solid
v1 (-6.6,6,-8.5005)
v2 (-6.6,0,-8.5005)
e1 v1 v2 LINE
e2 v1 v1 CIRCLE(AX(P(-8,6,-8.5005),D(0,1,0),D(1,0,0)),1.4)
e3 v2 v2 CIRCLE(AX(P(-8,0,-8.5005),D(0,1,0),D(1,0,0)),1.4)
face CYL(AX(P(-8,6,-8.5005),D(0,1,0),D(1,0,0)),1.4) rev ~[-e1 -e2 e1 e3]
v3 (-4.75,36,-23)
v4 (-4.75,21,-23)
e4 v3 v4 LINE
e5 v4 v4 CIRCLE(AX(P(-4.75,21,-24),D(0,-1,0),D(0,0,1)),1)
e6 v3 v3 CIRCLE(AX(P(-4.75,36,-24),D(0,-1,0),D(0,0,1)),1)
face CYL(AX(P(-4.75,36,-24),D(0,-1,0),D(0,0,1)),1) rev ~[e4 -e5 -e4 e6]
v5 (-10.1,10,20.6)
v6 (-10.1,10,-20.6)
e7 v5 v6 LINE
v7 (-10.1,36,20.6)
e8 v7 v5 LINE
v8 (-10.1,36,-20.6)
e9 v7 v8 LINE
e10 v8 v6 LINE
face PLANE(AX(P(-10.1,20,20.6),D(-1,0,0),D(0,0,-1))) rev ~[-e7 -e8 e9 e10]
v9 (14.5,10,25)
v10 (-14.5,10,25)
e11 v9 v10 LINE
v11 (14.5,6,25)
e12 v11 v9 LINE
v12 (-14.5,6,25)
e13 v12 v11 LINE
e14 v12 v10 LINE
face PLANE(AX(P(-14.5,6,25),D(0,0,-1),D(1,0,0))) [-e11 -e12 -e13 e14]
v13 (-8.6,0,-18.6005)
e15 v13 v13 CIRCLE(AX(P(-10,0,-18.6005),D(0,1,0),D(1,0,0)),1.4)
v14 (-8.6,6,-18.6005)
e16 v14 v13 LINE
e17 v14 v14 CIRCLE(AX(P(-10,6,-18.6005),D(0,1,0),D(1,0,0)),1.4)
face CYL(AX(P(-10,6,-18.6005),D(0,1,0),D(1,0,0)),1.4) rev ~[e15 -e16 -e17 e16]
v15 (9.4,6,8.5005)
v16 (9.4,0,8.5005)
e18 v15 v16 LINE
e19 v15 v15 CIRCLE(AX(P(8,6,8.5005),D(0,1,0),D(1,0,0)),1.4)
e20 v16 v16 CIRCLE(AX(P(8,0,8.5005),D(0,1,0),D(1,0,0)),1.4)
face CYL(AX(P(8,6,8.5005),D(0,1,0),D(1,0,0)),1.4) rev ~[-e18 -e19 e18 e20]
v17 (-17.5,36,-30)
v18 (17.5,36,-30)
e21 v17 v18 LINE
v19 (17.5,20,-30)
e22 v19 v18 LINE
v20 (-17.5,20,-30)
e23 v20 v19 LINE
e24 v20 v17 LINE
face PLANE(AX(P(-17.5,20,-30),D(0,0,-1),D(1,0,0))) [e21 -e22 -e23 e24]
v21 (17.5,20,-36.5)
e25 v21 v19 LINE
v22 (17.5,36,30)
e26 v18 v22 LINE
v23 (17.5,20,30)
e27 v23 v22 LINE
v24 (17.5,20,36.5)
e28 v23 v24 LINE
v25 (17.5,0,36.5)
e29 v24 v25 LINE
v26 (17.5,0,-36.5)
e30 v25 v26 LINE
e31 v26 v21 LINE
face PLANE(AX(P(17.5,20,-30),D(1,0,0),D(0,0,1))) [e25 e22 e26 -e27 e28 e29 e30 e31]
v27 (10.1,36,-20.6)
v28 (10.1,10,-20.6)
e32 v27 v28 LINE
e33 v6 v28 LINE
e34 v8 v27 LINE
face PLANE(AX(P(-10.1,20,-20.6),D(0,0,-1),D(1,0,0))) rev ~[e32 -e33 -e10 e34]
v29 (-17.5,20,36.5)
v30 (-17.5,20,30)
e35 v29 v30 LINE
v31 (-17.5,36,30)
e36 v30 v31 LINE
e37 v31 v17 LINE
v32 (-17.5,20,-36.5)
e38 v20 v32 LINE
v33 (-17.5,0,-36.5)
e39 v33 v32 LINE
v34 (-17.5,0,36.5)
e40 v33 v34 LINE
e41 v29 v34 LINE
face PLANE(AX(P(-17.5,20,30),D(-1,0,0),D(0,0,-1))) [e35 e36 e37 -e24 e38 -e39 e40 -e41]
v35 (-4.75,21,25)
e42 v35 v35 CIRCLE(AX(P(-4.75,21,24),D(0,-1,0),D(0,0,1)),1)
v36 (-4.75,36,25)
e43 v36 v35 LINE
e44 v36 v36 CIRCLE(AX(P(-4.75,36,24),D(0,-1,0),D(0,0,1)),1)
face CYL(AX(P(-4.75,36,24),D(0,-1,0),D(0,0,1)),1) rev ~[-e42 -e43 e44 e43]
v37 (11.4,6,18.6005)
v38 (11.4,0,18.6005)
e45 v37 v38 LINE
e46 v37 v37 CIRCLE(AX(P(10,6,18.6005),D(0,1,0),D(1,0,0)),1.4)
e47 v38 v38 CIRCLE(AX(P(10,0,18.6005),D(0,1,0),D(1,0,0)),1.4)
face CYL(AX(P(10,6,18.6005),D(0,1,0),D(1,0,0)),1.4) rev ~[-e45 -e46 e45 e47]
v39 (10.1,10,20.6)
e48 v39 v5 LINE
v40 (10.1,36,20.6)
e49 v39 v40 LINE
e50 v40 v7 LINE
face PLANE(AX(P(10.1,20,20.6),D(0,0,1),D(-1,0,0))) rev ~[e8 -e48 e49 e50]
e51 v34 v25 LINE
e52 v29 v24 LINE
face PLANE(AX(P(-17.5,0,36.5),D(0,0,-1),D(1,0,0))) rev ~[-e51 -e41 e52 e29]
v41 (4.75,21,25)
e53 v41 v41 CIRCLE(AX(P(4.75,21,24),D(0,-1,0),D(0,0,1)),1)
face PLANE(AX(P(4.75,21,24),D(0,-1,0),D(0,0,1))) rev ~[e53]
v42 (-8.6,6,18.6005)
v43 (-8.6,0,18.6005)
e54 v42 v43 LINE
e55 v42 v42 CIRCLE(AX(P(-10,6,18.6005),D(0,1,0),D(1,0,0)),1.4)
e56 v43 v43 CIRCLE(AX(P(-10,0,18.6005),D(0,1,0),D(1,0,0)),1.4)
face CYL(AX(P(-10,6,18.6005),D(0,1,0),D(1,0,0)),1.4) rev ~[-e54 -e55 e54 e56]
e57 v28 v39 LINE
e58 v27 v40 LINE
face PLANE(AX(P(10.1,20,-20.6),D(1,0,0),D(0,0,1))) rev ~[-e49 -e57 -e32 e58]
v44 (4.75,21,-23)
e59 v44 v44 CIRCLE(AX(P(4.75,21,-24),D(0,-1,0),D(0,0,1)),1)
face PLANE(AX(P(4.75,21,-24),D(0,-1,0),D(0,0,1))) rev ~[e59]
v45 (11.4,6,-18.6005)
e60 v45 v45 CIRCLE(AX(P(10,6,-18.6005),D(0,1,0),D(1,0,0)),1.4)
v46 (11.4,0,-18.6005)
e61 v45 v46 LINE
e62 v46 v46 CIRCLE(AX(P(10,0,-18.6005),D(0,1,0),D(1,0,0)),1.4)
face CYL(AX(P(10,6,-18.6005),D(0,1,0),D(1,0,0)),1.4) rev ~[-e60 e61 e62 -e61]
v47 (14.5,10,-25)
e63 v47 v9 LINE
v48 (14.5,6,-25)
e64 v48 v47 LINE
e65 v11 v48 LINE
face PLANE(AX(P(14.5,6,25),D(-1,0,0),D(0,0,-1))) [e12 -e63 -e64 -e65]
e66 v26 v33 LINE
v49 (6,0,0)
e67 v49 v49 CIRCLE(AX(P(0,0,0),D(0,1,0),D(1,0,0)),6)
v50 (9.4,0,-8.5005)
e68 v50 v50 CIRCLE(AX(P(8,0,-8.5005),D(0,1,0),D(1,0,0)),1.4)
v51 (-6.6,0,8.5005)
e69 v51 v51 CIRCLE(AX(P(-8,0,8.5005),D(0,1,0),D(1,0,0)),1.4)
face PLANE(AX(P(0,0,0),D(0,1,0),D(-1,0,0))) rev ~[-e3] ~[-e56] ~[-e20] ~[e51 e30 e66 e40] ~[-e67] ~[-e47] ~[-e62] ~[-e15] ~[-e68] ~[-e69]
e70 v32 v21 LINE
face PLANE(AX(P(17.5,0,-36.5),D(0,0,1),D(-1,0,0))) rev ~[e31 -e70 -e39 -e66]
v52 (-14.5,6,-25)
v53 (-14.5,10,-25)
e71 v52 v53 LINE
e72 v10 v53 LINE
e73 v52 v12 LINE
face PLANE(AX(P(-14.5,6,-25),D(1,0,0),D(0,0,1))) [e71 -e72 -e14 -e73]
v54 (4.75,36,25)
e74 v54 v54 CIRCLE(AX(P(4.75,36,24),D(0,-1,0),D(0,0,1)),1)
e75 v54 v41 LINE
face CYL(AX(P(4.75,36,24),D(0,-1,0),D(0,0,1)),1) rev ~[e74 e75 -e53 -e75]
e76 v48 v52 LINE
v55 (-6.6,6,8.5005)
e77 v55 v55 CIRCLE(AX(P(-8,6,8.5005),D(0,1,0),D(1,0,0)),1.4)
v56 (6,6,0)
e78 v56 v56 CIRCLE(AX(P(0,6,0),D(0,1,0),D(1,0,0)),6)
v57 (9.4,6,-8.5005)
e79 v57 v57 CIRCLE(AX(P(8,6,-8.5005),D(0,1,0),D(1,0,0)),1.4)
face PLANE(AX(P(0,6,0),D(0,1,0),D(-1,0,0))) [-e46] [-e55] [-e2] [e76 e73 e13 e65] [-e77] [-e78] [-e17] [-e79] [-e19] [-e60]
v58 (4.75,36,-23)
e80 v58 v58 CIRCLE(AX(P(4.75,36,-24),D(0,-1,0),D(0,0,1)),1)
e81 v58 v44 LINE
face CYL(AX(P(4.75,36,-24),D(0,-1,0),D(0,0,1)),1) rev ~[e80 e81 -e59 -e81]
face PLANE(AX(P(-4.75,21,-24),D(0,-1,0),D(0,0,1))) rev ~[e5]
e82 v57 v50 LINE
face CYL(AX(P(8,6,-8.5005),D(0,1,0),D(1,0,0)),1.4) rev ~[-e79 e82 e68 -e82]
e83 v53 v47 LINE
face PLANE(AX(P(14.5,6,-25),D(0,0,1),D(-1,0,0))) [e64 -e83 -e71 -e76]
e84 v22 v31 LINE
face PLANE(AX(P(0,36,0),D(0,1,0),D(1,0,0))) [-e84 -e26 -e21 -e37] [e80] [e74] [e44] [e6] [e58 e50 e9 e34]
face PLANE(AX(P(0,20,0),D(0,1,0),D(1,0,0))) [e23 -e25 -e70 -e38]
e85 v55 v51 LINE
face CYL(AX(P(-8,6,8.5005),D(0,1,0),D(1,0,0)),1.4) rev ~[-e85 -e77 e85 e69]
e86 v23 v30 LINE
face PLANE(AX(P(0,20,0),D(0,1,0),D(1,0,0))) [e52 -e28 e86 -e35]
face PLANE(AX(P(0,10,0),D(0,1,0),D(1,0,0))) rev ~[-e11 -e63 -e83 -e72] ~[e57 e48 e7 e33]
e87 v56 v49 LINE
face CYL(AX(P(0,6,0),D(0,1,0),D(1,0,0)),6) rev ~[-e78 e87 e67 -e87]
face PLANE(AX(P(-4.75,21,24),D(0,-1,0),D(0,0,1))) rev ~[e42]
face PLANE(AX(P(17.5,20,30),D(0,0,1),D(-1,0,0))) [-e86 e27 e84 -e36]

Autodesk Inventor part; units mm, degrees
ref_plane "YZ Plane" through (0, 0, 0) normal (1, 0, 0) x (0, 1, 0)
ref_plane "XZ Plane" through (0, 0, 0) normal (0, 1, 0) x (-1, 0, 0)
ref_plane "XY Plane" through (0, 0, 0) normal (0, 0, 1) x (1, 0, 0)
sketch "Sketch1" plane through (0, 0, 0) normal (0, 1, 0) x (-1, 0, 0)
  line L0 (-17.5, -36.5) -> (17.5, -36.5)
  line L1 (17.5, -36.5) -> (17.5, 36.5)
  line L2 (17.5, 36.5) -> (-17.5, 36.5)
  line L3 (-17.5, 36.5) -> (-17.5, -36.5)
  line L4 (-17.5, -36.5) -> (17.5, 36.5) construction
  line L5 (17.5, -36.5) -> (-17.5, 36.5) construction
  point P0 (0, 0)
  dimension "d0" = 35
  dimension "d1" = 73
extrude "Extrusion1" add sketch "Sketch1" along normal blind 6
sketch "Sketch2" plane through (0, 6, 0) normal (0, 1, 0) x (1, 0, 0)
  line L0 (14.5, 25) -> (-14.5, 25)
  line L1 (-14.5, 25) -> (-14.5, -25)
  line L2 (-14.5, -25) -> (14.5, -25)
  line L3 (14.5, -25) -> (14.5, 25)
  line L4 (14.5, 25) -> (-14.5, -25) construction
  line L5 (-14.5, 25) -> (14.5, -25) construction
  line L6 (-17.5, 36.5) -> (-17.5, -36.5) projected
  line L7 (17.5, -36.5) -> (17.5, 36.5) projected
  line L8 (-17.5, -36.5) -> (17.5, -36.5)
  line L9 (17.5, -36.5) -> (17.5, -30.5)
  line L10 (17.5, -30.5) -> (-17.5, -30.5)
  line L11 (-17.5, -30.5) -> (-17.5, -36.5)
  line L12 (-17.5, 36.5) -> (17.5, 36.5)
  line L13 (17.5, 36.5) -> (17.5, 30.5)
  line L14 (17.5, 30.5) -> (-17.5, 30.5)
  line L15 (-17.5, 30.5) -> (-17.5, 36.5)
  point P0 (0, 0)
  dimension "d4" = 29
  dimension "d5" = 50
  dimension "d15" = 6
  dimension "d16" = 6
extrude "Extrusion2" add sketch "Sketch2" along normal blind 14
sketch "Sketch4" plane through (0, 6, 0) normal (0, 1, 0) x (1, 0, 0)
  circle A0 centre (0, 0) radius 6
  line L0 (15, 24.0075) -> (-15, 24.0075)
  line L1 (-15, 24.0075) -> (-15, -24.0075)
  line L2 (-15, -24.0075) -> (15, -24.0075)
  line L3 (15, -24.0075) -> (15, 24.0075)
  line L4 (15, 24.0075) -> (-15, -24.0075) construction
  line L5 (-15, 24.0075) -> (15, -24.0075) construction
  circle A1 centre (-10, -18.6005) radius 1.4
  line L6 (-14.5, -25) -> (-14.5, 25) projected
  circle A2 centre (-8, -8.5005) radius 1.4
  line L7 (12.9011, 0) -> (-11.0407, 0) construction
  line L8 (0, -11.5905) -> (0, 16.5955) construction
  circle A3 centre (-10, 18.6005) radius 1.4
  circle A4 centre (-8, 8.5005) radius 1.4
  circle A5 centre (10, -18.6005) radius 1.4
  circle A6 centre (8, -8.5005) radius 1.4
  circle A7 centre (10, 18.6005) radius 1.4
  circle A8 centre (8, 8.5005) radius 1.4
  dimension "d19" = 12
  dimension "d20" = 30
  dimension "d21" = 48.015
  dimension "d22" = 2.8
  dimension "d23" = 4.5
  dimension "d24" = 4.007
  dimension "d25" = 2.8
  dimension "d26" = 6.5
  dimension "d27" = 15.507
extrude "Extrusion4" cut sketch "Sketch4" against normal through all contours A0 | A1 | A2 | A3 | A4 | A5 | A6 | A7 | A8
sketch "Sketch9" plane through (0, 20, 0) normal (0, 1, 0) x (1, 0, 0)
  line L0 (-14.5, -25) -> (-14.5, 25) projected
  line L1 (14.5, -25) -> (-14.5, -25)
  line L2 (-14.5, -25) -> (-14.5, 25)
  line L3 (-14.5, 25) -> (14.5, 25)
  line L4 (14.5, 25) -> (14.5, -25)
  line L5 (14.5, -25) -> (-14.5, 25) construction
  line L6 (-14.5, -25) -> (14.5, 25) construction
  line L7 (10.1, -20.6) -> (-10.1, -20.6)
  line L8 (-10.1, -20.6) -> (-10.1, 20.6)
  line L9 (-10.1, 20.6) -> (10.1, 20.6)
  line L10 (10.1, 20.6) -> (10.1, -20.6)
  line L11 (10.1, -20.6) -> (-10.1, 20.6) construction
  line L12 (-10.1, -20.6) -> (10.1, 20.6) construction
  point P0 (0, 0)
  dimension "d45" = 20.2
  dimension "d46" = 41.2
extrude "Extrusion8" add sketch "Sketch9" along normal blind 16 and the other way blind 10
sketch "Sketch10" plane through (0, 20, 0) normal (0, 1, 0) x (1, 0, 0)
  line L0 (-14.5, 25) -> (14.5, 25) projected
  line L1 (14.5, -25) -> (-14.5, -25)
  line L2 (-14.5, -25) -> (-14.5, 25)
  line L3 (-14.5, 25) -> (14.5, 25)
  line L4 (14.5, 25) -> (14.5, -25)
  line L5 (14.5, -25) -> (-14.5, 25) construction
  line L6 (-14.5, -25) -> (14.5, 25) construction
  line L7 (17.5, -30) -> (-17.5, -30)
  line L8 (-17.5, -30) -> (-17.5, 30)
  line L9 (-17.5, 30) -> (17.5, 30)
  line L10 (17.5, 30) -> (17.5, -30)
  line L11 (17.5, -30) -> (-17.5, 30) construction
  line L12 (-17.5, -30) -> (17.5, 30) construction
  point P0 (0, 0)
  point P1 (14.5, 25)
  dimension "d51" = 35
  dimension "d52" = 60
extrude "Extrusion9" add sketch "Sketch10" along normal up to surface (16 mm away)
sketch "Sketch12" plane through (0, 36, 0) normal (0, 1, 0) x (1, 0, 0)
  line L0 (4.75, -24) -> (-4.75, -24)
  line L1 (-4.75, -24) -> (-4.75, 24)
  line L2 (-4.75, 24) -> (4.75, 24)
  line L3 (4.75, 24) -> (4.75, -24)
  line L4 (4.75, -24) -> (-4.75, 24) construction
  line L5 (-4.75, -24) -> (4.75, 24) construction
  point P0 (0, 0)
  dimension "d55" = 9.5
  dimension "d56" = 48
hole "Hole1" at (-4.75, 36, -24) at (4.75, 36, -24) at (-4.75, 36, 24) at (4.75, 36, 24) direction (0, -1, 0) diameter 2 depth 15
equation "\"d1\" = Esla_Bas_Largo"
equation "\"Esla_Bas_Largo\" = 73"
properties part number "Base_servo_efector" material "Acetal Resin, White"
